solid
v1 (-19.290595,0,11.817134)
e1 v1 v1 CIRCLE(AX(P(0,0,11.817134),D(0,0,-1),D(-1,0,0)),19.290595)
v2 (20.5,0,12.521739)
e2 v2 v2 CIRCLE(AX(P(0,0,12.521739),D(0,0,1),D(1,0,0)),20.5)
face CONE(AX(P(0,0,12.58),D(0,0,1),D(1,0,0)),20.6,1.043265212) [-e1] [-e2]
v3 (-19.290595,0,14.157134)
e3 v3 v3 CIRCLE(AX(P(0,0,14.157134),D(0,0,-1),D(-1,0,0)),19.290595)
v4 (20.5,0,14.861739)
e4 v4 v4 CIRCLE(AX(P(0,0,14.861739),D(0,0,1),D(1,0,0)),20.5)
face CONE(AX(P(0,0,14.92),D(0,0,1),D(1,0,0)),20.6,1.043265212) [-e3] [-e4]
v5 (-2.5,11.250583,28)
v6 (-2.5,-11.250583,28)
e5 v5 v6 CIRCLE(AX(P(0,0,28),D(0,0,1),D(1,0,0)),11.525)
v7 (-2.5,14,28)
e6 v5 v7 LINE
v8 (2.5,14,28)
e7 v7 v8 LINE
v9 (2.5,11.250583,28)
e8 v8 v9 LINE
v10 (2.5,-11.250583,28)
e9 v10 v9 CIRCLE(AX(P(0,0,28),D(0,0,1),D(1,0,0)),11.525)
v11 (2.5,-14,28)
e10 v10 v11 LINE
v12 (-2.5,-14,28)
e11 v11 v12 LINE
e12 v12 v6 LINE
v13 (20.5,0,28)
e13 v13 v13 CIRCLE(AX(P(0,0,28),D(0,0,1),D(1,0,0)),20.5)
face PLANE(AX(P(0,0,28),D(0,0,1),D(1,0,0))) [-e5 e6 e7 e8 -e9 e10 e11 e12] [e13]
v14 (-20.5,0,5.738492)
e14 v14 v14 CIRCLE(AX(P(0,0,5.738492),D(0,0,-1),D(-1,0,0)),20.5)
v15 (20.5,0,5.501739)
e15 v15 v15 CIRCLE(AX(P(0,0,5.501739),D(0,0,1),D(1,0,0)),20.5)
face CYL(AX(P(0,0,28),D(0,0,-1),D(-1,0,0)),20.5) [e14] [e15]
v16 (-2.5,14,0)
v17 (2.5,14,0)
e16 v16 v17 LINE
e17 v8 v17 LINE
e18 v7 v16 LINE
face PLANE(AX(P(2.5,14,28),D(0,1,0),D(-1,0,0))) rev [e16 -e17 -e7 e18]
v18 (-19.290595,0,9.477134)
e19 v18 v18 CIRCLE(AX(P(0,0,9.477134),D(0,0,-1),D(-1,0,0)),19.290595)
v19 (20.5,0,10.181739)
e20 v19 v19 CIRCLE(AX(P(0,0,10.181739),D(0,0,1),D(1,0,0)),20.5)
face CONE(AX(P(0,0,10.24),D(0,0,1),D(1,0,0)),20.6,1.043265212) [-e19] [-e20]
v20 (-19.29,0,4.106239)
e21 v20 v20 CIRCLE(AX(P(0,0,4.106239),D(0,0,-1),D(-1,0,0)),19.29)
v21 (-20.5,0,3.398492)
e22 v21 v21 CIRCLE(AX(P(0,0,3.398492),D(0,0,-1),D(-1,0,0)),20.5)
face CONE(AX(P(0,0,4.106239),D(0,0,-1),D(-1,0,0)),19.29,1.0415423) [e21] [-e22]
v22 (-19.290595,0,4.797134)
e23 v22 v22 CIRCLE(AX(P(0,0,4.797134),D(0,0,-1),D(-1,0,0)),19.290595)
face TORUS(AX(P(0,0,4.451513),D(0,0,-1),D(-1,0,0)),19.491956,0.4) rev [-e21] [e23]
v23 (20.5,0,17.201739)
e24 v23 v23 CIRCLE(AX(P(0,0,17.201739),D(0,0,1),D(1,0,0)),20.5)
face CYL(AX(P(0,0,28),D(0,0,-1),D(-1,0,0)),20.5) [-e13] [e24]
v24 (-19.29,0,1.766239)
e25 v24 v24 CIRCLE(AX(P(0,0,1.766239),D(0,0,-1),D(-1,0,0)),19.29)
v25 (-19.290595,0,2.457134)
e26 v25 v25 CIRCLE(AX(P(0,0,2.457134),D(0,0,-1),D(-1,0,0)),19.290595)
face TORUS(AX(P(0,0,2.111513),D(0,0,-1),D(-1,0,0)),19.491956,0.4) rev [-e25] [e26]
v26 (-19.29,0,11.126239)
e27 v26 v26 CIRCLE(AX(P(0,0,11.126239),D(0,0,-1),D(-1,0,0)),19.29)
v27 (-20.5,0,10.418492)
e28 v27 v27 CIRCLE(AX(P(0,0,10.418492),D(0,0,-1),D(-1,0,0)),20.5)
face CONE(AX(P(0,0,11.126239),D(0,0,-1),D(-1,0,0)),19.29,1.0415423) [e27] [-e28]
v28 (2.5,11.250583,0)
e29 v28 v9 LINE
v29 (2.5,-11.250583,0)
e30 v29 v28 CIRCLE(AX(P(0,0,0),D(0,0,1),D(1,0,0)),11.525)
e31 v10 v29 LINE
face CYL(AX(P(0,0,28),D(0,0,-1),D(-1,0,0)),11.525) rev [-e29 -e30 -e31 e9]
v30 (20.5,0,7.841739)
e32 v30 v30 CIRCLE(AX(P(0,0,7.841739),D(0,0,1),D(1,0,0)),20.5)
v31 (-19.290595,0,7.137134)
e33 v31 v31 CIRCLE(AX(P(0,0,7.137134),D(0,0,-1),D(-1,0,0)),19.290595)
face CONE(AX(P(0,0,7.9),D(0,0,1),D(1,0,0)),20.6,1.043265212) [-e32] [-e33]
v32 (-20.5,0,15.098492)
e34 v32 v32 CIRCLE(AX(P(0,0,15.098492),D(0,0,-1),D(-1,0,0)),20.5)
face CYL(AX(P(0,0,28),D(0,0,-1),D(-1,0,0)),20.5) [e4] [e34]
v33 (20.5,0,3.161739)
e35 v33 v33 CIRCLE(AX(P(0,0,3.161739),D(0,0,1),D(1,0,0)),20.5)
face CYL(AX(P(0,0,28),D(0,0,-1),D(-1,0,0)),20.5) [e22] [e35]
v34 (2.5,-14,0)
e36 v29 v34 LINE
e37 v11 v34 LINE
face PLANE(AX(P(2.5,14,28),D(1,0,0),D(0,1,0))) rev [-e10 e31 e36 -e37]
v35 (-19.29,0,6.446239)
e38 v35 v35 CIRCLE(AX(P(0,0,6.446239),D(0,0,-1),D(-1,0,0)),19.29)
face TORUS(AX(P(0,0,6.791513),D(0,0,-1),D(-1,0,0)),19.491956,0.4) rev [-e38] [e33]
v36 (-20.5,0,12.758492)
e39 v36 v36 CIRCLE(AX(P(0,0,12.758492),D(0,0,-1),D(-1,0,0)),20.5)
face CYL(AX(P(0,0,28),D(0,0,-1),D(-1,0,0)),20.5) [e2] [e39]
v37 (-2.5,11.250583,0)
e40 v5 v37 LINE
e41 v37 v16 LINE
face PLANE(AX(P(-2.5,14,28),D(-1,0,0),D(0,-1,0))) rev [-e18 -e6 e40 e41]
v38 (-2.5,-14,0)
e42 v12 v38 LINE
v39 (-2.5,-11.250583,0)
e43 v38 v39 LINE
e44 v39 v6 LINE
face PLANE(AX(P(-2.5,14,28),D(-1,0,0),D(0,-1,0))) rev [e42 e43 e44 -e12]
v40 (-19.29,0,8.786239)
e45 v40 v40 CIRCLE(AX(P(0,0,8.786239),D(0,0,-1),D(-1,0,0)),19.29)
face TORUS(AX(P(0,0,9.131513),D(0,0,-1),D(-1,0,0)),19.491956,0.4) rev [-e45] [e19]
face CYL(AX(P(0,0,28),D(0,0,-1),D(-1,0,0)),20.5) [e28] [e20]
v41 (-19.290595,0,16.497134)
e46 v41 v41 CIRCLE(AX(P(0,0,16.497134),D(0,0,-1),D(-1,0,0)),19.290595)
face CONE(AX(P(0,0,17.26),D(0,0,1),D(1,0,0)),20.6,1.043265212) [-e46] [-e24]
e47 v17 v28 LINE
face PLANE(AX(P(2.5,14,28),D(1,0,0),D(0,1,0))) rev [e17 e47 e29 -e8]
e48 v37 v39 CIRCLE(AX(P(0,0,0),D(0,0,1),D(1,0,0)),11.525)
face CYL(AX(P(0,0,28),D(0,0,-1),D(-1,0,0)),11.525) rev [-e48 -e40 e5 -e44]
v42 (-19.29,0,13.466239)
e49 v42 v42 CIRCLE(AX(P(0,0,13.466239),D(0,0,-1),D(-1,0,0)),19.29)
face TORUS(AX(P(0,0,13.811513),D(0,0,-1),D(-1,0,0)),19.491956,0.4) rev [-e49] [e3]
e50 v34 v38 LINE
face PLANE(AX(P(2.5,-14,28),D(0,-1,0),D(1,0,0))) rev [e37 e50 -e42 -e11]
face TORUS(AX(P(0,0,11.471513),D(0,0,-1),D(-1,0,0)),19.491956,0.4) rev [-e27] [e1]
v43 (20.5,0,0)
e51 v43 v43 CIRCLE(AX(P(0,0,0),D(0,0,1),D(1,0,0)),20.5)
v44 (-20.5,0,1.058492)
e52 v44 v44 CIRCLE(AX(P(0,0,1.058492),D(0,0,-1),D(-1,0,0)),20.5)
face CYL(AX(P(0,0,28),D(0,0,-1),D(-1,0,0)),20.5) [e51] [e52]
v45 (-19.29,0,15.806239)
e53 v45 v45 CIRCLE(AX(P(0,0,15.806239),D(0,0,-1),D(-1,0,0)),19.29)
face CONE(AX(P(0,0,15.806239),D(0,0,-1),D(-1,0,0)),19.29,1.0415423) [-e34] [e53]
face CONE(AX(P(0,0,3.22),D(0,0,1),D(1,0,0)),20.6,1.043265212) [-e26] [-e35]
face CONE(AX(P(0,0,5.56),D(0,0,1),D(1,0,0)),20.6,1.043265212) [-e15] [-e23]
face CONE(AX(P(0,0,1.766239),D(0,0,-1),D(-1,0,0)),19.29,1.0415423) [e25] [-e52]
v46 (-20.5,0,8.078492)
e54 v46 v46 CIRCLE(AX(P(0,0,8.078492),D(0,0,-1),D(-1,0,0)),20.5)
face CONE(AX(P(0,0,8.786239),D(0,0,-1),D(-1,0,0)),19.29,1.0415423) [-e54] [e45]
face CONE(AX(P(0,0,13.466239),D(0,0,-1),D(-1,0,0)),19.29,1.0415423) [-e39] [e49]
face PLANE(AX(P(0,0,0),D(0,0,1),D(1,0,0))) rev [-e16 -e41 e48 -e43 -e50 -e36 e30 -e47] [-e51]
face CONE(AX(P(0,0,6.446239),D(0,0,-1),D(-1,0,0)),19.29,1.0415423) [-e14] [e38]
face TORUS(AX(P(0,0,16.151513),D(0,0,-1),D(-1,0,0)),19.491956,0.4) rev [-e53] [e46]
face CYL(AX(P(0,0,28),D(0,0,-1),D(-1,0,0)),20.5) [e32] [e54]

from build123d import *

# Parameters (mm, degrees)
SKETCH_1_R          = 20.5
SKETCH_1_R_2        = 11.525
EXTRUDE_1_DEPTH     = 28
SKETCH_3_W          = 5
SKETCH_3_H          = 28
CUT_EXTRUDE_1_DEPTH = 29


with BuildPart() as part:
    # 草图1 → 凸台-拉伸1 (new body)
    with BuildSketch(Plane.XY):
        Circle(SKETCH_1_R)
        Circle(SKETCH_1_R_2, mode=Mode.SUBTRACT)
    extrude(amount=EXTRUDE_1_DEPTH)

    # 草图2 → 切除-旋转1 (revolve, cut)
    with BuildSketch(Plane(origin=(0, 0, 0), x_dir=(0, 0, -1), z_dir=(1, 0, 0))):
        with BuildLine():
            Line((-3.22, 20.6), (-1, 20.6))
            Line((-1, 20.6), (-1.766239155, 19.29))
            ThreePointArc((-1.766239155, 19.29), (-2.111857315, 19.091955976), (-2.45713375, 19.290595176))
            Line((-2.45713375, 19.290595176), (-3.22, 20.6))
        make_face()
        with BuildLine():
            Line((-3.34, 20.6), (-4.106239155, 19.29))
            ThreePointArc((-4.106239155, 19.29), (-4.451857315, 19.091955976), (-4.79713375, 19.290595176))
            Line((-4.79713375, 19.290595176), (-5.56, 20.6))
            Line((-5.56, 20.6), (-3.34, 20.6))
        make_face()
        with BuildLine():
            Line((-5.68, 20.6), (-6.446239155, 19.29))
            ThreePointArc((-6.446239155, 19.29), (-6.791857315, 19.091955976), (-7.13713375, 19.290595176))
            Line((-7.13713375, 19.290595176), (-7.9, 20.6))
            Line((-7.9, 20.6), (-5.68, 20.6))
        make_face()
        with BuildLine():
            Line((-8.02, 20.6), (-8.786239155, 19.29))
            ThreePointArc((-8.786239155, 19.29), (-9.131857315, 19.091955976), (-9.47713375, 19.290595176))
            Line((-9.47713375, 19.290595176), (-10.24, 20.6))
            Line((-10.24, 20.6), (-8.02, 20.6))
        make_face()
        with BuildLine():
            Line((-10.36, 20.6), (-11.126239155, 19.29))
            ThreePointArc((-11.126239155, 19.29), (-11.471857315, 19.091955976), (-11.81713375, 19.290595176))
            Line((-11.81713375, 19.290595176), (-12.58, 20.6))
            Line((-12.58, 20.6), (-10.36, 20.6))
        make_face()
        with BuildLine():
            Line((-12.7, 20.6), (-13.466239155, 19.29))
            ThreePointArc((-13.466239155, 19.29), (-13.811857315, 19.091955976), (-14.15713375, 19.290595176))
            Line((-14.15713375, 19.290595176), (-14.92, 20.6))
            Line((-14.92, 20.6), (-12.7, 20.6))
        make_face()
        with BuildLine():
            Line((-15.04, 20.6), (-15.806239155, 19.29))
            ThreePointArc((-15.806239155, 19.29), (-16.151857315, 19.091955976), (-16.49713375, 19.290595176))
            Line((-16.49713375, 19.290595176), (-17.26, 20.6))
            Line((-17.26, 20.6), (-15.04, 20.6))
        make_face()
    revolve(axis=Axis((0, 0, 0), (0, 0, 1)), mode=Mode.SUBTRACT)

    # 草图3 → 切除-拉伸1 (cut, through all)
    with BuildSketch(Plane(origin=(0, 0, 0), x_dir=(-1, 0, 0), z_dir=(0, 0, -1))):
        Rectangle(SKETCH_3_W, SKETCH_3_H)
    extrude(amount=-CUT_EXTRUDE_1_DEPTH, mode=Mode.SUBTRACT)


solid = part.part
